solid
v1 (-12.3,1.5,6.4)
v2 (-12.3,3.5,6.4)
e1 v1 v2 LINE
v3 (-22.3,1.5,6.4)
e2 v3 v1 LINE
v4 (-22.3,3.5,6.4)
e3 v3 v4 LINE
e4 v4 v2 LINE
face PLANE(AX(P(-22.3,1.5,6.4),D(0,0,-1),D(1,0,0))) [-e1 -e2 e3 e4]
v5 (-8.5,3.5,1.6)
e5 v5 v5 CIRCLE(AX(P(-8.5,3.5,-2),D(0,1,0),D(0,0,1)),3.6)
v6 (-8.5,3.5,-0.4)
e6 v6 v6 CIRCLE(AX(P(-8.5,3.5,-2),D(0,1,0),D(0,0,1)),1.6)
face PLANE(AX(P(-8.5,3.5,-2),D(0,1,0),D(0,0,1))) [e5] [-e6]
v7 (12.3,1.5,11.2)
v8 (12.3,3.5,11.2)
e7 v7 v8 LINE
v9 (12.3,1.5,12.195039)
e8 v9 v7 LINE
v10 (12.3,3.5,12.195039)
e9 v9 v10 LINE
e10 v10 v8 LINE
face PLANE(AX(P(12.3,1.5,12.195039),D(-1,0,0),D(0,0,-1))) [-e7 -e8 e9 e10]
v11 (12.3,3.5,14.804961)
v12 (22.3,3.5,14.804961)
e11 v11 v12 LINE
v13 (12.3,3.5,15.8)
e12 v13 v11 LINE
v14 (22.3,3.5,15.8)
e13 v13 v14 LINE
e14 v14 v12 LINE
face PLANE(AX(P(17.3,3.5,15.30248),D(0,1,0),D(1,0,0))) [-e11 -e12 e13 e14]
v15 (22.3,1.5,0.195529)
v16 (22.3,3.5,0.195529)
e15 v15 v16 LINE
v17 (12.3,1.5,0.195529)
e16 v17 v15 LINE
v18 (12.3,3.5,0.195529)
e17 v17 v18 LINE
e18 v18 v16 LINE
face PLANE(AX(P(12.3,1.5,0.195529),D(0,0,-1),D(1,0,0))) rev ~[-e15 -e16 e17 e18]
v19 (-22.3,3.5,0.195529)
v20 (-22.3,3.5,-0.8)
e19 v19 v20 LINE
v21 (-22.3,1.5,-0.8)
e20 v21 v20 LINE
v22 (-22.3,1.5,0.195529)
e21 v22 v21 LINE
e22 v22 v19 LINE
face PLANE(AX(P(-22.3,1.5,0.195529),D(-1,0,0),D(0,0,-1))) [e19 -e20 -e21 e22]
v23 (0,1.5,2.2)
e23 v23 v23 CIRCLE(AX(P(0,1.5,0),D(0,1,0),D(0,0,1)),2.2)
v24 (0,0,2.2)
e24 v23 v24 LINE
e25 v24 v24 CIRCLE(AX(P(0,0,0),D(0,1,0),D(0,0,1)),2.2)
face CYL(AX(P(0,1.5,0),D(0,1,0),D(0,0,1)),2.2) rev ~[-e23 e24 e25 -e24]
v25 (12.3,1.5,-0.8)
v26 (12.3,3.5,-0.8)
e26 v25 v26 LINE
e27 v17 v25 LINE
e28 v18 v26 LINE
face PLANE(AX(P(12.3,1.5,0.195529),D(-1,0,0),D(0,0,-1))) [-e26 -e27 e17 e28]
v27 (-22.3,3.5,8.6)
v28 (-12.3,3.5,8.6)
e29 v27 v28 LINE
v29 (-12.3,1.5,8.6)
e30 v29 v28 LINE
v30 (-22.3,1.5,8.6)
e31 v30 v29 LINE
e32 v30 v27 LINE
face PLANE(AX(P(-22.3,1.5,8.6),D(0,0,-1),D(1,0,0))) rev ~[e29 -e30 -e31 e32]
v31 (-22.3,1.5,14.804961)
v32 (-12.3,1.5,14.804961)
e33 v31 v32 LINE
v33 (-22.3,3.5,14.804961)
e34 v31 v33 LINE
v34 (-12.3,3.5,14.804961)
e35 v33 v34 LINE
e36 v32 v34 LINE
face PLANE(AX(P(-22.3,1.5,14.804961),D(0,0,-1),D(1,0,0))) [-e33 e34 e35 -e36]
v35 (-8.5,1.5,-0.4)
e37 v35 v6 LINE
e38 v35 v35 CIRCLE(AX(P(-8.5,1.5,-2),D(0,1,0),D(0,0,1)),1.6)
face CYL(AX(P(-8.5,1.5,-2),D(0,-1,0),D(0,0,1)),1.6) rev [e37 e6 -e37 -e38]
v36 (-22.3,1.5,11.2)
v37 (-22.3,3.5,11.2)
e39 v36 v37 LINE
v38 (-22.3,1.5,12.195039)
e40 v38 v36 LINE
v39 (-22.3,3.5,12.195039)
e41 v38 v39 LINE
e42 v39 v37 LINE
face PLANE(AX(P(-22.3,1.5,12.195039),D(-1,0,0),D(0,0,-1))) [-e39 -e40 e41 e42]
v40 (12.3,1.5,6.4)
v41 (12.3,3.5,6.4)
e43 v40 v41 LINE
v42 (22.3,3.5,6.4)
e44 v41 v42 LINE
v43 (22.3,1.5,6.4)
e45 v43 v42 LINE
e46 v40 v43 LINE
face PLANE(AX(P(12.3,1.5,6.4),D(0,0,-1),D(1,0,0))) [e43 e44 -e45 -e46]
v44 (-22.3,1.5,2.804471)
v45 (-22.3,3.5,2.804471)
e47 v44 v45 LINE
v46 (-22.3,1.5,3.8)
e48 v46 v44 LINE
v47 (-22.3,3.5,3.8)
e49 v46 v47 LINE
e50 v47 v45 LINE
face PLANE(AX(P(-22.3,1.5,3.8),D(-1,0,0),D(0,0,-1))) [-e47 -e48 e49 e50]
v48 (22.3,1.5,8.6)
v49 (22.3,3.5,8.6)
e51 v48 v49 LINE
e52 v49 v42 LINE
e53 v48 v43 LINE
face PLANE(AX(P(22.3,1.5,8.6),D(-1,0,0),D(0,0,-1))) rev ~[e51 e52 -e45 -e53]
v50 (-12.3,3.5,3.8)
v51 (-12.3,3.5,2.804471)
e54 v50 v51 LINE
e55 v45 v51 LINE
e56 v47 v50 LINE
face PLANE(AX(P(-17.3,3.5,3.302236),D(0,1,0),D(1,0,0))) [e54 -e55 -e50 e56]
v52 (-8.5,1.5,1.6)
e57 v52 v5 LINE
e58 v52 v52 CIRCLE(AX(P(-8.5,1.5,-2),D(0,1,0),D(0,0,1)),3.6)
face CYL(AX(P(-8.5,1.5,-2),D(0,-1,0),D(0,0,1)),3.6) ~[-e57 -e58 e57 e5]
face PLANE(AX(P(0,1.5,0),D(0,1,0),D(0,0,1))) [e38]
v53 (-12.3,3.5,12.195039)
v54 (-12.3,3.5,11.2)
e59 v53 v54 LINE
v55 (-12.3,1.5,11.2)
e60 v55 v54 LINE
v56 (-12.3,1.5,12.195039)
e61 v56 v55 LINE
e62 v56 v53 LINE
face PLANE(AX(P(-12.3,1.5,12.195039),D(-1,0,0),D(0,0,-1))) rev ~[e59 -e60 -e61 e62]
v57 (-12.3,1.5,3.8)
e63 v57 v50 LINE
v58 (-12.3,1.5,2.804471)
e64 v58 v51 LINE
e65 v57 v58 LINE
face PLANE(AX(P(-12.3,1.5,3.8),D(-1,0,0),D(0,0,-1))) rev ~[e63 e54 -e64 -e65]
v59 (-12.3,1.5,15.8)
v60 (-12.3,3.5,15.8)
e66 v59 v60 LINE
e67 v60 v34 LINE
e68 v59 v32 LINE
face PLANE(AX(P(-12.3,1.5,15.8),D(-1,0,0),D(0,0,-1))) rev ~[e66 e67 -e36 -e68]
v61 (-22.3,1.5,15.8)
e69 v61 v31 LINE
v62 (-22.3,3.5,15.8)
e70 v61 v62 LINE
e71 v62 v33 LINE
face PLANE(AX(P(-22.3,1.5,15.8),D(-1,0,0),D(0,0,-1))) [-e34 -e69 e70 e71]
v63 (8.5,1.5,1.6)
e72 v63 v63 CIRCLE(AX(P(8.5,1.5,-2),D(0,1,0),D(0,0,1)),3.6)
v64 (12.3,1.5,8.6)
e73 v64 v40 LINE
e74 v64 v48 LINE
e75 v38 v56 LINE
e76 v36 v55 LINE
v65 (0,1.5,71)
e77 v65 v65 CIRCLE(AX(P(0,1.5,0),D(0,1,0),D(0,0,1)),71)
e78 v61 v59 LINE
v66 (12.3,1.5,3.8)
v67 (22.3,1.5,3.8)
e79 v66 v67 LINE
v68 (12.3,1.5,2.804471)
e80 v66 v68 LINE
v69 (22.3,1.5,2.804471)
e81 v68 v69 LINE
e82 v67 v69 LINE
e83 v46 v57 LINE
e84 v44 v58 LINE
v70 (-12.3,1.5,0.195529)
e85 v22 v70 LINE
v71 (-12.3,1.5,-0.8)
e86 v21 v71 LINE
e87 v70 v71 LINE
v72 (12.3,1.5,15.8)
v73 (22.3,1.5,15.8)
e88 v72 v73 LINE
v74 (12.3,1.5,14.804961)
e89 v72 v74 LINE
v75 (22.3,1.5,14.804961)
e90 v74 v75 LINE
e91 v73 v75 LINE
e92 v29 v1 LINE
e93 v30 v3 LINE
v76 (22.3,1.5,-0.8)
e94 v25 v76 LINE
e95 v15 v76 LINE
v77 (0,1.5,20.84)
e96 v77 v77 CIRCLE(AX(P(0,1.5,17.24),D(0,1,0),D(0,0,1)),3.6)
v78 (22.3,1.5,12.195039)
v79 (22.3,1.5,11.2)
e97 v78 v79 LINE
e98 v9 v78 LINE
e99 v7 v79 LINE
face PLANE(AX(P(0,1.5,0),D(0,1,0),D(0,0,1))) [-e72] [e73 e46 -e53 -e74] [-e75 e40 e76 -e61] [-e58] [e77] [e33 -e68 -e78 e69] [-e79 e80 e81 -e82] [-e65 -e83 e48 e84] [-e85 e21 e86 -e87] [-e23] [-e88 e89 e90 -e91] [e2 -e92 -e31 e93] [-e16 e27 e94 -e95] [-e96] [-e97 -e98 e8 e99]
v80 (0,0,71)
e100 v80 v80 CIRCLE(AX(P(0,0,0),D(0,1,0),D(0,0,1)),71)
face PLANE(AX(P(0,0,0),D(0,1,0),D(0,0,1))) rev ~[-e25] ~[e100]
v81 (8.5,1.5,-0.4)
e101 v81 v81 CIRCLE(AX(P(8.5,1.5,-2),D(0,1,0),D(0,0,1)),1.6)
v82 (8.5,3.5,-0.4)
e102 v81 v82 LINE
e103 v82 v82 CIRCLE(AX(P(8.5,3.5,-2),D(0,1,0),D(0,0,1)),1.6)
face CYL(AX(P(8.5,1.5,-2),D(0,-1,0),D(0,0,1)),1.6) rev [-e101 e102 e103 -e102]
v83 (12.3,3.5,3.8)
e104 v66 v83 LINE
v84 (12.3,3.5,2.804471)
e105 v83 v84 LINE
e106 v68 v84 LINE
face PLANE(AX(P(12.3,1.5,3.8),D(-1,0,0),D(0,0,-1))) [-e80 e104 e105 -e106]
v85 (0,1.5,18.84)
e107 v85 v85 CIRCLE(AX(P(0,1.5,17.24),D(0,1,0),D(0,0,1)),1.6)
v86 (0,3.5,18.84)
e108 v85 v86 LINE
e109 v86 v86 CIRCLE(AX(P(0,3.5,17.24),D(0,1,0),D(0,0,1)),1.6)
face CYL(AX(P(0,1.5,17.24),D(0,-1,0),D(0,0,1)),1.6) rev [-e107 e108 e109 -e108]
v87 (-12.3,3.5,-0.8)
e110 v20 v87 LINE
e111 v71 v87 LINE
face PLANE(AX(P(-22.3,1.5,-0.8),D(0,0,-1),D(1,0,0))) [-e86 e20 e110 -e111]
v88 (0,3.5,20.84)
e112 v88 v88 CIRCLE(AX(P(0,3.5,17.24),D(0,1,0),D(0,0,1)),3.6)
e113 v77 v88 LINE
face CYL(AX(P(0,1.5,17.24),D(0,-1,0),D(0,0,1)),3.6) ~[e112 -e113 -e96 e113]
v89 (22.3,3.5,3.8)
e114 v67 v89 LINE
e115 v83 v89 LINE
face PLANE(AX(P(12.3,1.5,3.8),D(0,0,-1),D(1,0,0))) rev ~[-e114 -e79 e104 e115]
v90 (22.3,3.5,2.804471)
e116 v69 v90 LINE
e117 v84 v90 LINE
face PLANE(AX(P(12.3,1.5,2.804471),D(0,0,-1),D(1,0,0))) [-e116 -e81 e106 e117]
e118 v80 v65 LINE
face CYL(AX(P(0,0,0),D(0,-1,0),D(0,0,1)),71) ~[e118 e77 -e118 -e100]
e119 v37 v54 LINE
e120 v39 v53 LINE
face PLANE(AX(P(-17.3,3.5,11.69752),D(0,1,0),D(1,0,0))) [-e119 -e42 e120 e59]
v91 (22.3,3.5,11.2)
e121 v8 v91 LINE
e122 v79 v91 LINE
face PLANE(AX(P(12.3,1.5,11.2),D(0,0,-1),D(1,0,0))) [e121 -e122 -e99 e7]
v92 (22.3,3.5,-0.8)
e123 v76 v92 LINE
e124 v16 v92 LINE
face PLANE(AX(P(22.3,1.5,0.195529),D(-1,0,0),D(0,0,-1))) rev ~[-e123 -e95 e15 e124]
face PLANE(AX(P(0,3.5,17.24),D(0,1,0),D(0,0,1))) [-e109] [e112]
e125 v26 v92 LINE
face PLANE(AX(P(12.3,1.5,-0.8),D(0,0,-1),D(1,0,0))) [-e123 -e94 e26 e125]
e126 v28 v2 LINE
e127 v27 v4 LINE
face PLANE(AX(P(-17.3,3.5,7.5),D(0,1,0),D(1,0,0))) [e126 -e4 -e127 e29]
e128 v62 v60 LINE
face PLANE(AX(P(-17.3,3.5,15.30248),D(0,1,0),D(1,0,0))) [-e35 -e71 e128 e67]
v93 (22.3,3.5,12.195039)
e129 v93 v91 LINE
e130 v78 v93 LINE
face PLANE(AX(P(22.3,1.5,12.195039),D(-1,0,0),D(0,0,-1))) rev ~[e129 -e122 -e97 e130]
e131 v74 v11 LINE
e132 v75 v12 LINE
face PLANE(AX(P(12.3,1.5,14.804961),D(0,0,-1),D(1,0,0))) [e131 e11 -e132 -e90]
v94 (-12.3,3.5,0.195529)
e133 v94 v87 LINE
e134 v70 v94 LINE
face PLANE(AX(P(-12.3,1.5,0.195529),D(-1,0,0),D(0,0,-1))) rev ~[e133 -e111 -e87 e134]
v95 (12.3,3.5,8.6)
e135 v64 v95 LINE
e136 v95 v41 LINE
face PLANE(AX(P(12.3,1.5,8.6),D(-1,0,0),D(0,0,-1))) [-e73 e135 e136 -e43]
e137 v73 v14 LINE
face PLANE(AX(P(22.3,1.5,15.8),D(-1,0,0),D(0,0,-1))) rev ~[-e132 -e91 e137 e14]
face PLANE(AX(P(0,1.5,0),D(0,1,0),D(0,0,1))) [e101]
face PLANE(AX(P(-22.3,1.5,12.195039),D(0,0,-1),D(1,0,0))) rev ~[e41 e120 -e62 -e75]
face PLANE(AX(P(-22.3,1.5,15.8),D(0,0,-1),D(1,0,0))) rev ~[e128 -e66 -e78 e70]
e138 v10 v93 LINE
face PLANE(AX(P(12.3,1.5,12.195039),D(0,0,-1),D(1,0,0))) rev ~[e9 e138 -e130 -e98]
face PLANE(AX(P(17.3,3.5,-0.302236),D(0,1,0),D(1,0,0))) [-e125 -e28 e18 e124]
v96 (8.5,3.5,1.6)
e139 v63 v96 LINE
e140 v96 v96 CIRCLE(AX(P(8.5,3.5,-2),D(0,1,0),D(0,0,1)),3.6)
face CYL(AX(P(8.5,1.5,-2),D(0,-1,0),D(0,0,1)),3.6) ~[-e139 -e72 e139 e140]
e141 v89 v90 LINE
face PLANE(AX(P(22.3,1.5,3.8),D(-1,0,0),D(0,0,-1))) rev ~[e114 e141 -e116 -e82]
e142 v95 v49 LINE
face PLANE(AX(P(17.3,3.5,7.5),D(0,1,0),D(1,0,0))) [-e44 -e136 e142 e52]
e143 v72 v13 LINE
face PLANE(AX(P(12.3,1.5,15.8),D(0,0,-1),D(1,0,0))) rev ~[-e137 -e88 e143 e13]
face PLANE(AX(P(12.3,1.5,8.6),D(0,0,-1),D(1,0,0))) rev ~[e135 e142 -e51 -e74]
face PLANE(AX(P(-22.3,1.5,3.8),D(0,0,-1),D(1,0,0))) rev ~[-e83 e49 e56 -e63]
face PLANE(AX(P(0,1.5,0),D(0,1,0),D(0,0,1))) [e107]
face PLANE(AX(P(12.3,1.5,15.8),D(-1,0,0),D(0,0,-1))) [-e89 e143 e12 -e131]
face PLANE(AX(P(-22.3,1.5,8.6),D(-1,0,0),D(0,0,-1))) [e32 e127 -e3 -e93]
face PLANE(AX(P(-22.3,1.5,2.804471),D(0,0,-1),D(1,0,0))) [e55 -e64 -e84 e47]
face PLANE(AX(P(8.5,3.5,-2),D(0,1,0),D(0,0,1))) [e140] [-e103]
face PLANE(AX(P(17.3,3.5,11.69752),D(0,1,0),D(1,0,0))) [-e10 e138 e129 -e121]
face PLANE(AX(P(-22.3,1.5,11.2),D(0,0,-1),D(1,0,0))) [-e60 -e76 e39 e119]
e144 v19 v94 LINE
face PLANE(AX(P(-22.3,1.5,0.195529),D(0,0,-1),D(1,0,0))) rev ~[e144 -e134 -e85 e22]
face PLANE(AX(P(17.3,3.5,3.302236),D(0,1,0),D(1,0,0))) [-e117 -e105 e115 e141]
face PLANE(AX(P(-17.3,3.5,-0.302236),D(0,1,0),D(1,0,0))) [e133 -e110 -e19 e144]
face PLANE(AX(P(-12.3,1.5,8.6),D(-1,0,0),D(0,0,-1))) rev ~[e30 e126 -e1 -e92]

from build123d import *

# Parameters (mm, degrees)
SKETCH1_R           = 71
BOSS_EXTRUDE1_DEPTH = 1.5
SKETCH2_R           = 2.2
CUT_EXTRUDE1_DEPTH  = 14.5
SKETCH3_R           = 3.6
SKETCH3_R_2         = 1.6
BOSS_EXTRUDE2_DEPTH = 2
SKETCH4_W           = 10
SKETCH4_H           = 2.2
SKETCH4_H_2         = 0.995039414
SKETCH4_H_3         = 0.995528857
BOSS_EXTRUDE3_DEPTH = 2


with BuildPart() as part:
    # Sketch1 → Boss-Extrude1 (new body)
    with BuildSketch(Plane(origin=(0, 0, 0), x_dir=(1, 0, 0), z_dir=(0, 1, 0))):
        with Locations(Location((0, 0, 0), (0, 0, 270))):
            Circle(SKETCH1_R)
    extrude(amount=BOSS_EXTRUDE1_DEPTH)

    # Sketch2 → Cut-Extrude1 (cut)
    with BuildSketch(Plane(origin=(0, 1.5, 0), x_dir=(1, 0, 0), z_dir=(0, 1, 0))):
        with Locations(Location((0, 0, 0), (0, 0, 270))):
            Circle(SKETCH2_R)
    extrude(amount=-CUT_EXTRUDE1_DEPTH, mode=Mode.SUBTRACT)

    # Sketch3 → Boss-Extrude2 (add)
    # profile 1 of 3: a face of its own
    with BuildSketch(Plane(origin=(0, 1.5, 0), x_dir=(1, 0, 0), z_dir=(0, 1, 0))):
        with Locations(Location((-8.5, 2, 0), (0, 0, 270))):
            Circle(SKETCH3_R)
        with Locations(Location((-8.5, 2, 0), (0, 0, 270))):
            Circle(SKETCH3_R_2, mode=Mode.SUBTRACT)
    # profile 2 of 3: a face of its own
    with BuildSketch(Plane(origin=(0, 1.5, 0), x_dir=(1, 0, 0), z_dir=(0, 1, 0))):
        with Locations(Location((8.5, 2, 0), (0, 0, 270))):
            Circle(SKETCH3_R)
        with Locations(Location((8.5, 2, 0), (0, 0, 270))):
            Circle(SKETCH3_R_2, mode=Mode.SUBTRACT)
    # profile 3 of 3: a face of its own
    with BuildSketch(Plane(origin=(0, 1.5, 0), x_dir=(1, 0, 0), z_dir=(0, 1, 0))):
        with Locations(Location((0, -17.24, 0), (0, 0, 270))):
            Circle(SKETCH3_R)
        with Locations(Location((0, -17.24, 0), (0, 0, 270))):
            Circle(SKETCH3_R_2, mode=Mode.SUBTRACT)
    extrude(amount=BOSS_EXTRUDE2_DEPTH)

    # Sketch4 → Boss-Extrude3 (add)
    with BuildSketch(Plane(origin=(0, 1.5, 0), x_dir=(1, 0, 0), z_dir=(0, 1, 0))):
        with Locations((-17.3, -7.5)):
            Rectangle(SKETCH4_W, SKETCH4_H)
        with Locations((-17.3, -11.697519707)):
            Rectangle(SKETCH4_W, SKETCH4_H_2)
        with Locations((-17.3, -3.302235572)):
            Rectangle(SKETCH4_W, SKETCH4_H_3)
        with Locations((-17.3, 0.302235572)):
            Rectangle(SKETCH4_W, SKETCH4_H_3)
        with Locations((-17.3, -15.302480293)):
            Rectangle(SKETCH4_W, SKETCH4_H_2)
        with Locations((17.3, -15.302480293)):
            Rectangle(SKETCH4_W, SKETCH4_H_2)
        with Locations((17.3, -11.697519707)):
            Rectangle(SKETCH4_W, SKETCH4_H_2)
        with Locations((17.3, -7.5)):
            Rectangle(SKETCH4_W, SKETCH4_H)
        with Locations((17.3, -3.302235572)):
            Rectangle(SKETCH4_W, SKETCH4_H_3)
        with Locations((17.3, 0.302235572)):
            Rectangle(SKETCH4_W, SKETCH4_H_3)
    extrude(amount=BOSS_EXTRUDE3_DEPTH)


solid = part.part
